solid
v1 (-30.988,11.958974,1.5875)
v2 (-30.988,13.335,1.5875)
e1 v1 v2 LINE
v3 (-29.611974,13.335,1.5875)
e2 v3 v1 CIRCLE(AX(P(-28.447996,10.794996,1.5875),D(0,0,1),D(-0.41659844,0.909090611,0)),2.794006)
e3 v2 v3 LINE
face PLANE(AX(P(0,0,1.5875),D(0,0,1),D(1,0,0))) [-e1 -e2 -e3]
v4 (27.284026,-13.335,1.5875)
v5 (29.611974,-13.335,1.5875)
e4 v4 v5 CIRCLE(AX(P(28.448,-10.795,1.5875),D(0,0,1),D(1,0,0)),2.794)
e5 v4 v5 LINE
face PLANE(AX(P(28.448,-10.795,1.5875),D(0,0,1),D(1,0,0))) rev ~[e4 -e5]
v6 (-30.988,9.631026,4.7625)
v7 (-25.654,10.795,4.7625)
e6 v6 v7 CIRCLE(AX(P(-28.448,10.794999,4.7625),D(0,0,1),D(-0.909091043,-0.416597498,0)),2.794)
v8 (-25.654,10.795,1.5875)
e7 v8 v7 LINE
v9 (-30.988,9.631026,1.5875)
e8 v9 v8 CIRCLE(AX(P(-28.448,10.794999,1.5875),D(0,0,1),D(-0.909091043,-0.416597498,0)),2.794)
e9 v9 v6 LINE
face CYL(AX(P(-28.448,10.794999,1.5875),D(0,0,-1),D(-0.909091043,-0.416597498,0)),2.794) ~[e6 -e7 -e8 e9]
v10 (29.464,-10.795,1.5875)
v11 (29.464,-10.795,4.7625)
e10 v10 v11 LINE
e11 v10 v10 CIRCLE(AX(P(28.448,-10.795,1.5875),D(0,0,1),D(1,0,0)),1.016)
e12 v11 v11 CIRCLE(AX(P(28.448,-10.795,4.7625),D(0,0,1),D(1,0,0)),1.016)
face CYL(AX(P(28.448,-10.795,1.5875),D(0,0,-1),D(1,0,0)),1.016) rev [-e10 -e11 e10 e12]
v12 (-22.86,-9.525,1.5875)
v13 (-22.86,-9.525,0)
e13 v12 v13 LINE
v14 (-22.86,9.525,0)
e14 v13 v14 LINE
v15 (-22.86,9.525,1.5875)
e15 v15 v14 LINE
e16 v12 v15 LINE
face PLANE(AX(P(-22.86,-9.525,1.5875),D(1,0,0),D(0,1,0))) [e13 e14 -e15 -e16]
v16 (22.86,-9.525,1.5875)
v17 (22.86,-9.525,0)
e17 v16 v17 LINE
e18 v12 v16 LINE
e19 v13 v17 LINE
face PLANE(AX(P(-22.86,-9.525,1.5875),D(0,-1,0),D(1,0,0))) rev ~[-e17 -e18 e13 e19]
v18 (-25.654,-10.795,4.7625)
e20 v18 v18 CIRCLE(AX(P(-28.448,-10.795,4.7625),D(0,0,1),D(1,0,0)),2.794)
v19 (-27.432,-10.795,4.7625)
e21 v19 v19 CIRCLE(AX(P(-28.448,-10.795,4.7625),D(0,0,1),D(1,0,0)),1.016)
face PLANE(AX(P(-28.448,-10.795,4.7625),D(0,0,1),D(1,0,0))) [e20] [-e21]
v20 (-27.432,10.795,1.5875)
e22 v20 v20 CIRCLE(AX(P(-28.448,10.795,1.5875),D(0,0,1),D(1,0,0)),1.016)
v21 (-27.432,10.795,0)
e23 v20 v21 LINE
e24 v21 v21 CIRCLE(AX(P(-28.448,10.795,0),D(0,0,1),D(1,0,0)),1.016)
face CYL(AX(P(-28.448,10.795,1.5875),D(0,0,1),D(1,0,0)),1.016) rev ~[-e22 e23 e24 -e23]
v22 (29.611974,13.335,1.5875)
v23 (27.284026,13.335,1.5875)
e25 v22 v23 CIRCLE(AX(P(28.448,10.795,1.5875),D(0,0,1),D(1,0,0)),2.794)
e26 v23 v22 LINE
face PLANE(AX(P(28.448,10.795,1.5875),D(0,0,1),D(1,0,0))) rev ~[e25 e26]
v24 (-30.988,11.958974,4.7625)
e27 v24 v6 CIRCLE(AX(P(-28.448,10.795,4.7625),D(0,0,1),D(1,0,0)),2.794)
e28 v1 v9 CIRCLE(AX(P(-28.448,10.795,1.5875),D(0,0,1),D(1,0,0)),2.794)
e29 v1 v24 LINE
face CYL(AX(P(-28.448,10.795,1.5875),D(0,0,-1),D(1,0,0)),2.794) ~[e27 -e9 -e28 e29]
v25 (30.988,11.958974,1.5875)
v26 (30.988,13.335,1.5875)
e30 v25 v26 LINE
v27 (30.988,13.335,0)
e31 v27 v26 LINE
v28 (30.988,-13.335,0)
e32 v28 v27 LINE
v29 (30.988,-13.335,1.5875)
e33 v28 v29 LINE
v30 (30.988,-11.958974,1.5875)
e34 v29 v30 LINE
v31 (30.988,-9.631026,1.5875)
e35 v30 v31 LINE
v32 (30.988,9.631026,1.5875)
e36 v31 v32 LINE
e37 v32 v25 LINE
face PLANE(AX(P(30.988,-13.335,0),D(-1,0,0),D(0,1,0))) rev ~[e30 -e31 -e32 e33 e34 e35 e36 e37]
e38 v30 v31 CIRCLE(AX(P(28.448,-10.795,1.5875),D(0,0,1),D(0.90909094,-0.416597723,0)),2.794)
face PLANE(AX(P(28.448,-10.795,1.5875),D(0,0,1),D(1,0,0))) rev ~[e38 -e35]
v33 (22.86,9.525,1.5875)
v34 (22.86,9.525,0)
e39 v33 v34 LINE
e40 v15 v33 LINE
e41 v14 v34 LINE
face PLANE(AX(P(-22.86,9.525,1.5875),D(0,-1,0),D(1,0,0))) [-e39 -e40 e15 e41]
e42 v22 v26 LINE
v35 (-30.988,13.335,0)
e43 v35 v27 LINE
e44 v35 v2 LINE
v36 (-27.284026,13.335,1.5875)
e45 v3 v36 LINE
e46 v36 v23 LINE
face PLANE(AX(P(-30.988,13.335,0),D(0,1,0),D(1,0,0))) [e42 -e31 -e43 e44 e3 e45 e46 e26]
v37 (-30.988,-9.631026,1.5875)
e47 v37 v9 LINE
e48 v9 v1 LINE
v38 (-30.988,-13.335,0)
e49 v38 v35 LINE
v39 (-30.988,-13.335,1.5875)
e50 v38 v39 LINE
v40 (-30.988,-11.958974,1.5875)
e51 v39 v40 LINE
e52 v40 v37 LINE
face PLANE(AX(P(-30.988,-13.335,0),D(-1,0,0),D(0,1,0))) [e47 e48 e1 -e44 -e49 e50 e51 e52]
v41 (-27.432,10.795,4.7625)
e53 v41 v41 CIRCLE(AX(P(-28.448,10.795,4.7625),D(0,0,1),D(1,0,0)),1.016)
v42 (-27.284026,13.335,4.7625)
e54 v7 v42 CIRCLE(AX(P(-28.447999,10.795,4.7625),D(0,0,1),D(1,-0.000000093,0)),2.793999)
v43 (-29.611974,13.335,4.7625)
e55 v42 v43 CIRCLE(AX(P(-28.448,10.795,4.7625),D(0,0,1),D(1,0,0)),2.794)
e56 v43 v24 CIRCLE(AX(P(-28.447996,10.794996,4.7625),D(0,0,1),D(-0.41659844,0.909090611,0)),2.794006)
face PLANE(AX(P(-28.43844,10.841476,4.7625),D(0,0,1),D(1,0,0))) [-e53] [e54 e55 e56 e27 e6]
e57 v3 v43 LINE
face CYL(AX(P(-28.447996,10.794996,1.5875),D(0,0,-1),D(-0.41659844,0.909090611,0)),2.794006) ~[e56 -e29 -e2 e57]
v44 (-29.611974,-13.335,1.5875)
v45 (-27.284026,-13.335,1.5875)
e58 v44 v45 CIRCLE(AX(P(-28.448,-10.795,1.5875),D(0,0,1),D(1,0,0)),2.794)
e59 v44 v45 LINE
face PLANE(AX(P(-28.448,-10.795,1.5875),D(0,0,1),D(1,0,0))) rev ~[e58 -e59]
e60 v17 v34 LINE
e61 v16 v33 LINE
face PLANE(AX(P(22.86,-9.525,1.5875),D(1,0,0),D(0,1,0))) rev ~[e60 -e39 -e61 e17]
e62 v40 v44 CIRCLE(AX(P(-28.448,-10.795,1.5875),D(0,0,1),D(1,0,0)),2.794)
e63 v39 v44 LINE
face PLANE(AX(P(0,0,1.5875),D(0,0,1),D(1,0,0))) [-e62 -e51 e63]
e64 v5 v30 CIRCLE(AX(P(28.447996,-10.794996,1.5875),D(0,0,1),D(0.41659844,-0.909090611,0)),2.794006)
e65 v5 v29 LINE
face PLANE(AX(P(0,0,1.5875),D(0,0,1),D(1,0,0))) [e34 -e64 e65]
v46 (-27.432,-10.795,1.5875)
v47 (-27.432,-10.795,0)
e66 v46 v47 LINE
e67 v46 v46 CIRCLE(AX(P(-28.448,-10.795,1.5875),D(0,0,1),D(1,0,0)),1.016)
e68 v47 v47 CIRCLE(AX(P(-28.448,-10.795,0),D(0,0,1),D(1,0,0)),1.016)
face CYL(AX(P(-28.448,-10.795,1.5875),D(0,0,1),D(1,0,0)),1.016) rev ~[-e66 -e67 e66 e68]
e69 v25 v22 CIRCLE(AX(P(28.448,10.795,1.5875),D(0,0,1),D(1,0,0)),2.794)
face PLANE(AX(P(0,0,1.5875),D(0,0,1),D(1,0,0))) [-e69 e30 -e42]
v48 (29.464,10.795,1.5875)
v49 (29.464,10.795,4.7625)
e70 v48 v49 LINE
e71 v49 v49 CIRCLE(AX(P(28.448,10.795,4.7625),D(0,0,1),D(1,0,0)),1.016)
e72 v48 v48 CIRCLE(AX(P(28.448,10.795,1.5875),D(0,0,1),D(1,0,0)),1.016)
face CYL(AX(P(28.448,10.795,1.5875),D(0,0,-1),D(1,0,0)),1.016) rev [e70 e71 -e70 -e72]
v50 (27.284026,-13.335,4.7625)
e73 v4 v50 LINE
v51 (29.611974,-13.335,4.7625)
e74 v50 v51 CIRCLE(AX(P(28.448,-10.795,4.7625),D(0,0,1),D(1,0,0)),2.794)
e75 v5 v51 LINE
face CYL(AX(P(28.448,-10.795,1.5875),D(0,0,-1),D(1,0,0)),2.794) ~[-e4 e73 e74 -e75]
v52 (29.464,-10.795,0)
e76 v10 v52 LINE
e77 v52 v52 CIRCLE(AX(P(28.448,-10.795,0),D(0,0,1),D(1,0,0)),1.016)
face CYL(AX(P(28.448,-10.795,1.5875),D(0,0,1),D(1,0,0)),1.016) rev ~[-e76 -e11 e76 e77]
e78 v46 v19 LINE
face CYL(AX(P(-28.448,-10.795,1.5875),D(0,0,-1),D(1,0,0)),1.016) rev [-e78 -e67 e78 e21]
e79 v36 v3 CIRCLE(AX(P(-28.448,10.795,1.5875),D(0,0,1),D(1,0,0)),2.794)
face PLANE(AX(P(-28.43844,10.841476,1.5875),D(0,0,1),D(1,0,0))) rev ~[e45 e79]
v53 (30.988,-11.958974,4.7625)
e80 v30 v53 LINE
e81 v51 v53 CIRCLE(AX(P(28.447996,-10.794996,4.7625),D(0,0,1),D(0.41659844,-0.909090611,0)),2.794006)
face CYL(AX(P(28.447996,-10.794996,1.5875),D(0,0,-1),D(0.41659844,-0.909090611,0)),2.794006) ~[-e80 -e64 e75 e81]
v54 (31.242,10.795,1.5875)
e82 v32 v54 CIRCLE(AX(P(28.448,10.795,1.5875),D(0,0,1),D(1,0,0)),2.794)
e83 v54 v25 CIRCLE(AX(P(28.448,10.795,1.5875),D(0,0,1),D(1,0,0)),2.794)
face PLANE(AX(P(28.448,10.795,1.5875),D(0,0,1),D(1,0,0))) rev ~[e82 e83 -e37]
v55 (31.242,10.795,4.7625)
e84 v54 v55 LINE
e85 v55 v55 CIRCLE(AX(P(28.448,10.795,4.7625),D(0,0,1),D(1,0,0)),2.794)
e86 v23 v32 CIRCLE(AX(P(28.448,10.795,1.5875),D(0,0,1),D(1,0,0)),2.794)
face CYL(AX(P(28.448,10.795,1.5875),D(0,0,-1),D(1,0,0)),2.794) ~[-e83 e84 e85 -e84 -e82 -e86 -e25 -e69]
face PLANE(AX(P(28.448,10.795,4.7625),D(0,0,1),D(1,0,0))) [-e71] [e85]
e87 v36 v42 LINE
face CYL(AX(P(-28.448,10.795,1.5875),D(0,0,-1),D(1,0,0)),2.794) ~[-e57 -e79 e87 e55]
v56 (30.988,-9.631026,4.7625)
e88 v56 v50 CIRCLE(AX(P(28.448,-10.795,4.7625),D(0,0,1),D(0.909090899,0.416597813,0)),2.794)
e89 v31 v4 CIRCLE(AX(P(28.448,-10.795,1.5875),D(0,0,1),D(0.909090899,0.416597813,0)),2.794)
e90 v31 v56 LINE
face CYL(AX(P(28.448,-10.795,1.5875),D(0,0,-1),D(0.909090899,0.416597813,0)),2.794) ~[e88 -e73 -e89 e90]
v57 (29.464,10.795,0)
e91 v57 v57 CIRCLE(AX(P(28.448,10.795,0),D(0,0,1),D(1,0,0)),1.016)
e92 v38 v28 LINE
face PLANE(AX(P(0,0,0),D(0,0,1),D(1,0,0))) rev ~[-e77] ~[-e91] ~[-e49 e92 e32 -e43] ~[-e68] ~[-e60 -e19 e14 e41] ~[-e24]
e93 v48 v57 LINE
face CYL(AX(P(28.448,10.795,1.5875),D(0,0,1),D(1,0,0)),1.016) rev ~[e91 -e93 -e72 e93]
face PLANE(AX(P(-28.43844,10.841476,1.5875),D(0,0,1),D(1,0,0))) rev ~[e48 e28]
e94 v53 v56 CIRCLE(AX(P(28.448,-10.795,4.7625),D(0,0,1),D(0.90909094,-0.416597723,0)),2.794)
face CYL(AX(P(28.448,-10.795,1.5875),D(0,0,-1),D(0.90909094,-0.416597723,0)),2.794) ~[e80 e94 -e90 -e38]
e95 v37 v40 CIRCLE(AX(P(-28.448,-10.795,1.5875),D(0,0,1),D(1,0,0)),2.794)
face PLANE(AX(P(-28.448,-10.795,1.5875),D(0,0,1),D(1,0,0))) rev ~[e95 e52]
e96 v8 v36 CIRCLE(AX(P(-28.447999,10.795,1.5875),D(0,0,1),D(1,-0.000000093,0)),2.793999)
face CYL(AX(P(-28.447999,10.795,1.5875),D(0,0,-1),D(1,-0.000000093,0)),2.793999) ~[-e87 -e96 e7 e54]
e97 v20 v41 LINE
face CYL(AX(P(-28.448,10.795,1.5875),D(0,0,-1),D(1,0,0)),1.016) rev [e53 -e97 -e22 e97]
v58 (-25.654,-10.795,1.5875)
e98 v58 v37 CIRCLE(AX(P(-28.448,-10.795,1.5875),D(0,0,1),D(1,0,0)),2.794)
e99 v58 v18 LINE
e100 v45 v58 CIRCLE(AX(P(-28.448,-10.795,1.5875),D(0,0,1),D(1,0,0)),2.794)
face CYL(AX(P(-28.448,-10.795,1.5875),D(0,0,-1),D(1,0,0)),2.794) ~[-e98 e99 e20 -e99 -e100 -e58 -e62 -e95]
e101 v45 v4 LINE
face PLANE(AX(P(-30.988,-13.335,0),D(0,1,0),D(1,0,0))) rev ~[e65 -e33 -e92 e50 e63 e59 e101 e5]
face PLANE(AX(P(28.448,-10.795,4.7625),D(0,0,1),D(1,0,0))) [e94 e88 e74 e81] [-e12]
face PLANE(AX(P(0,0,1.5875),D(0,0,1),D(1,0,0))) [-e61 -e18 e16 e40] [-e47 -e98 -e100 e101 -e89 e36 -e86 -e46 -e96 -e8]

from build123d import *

# Parameters (mm, degrees)
F0_W     = 61.976
F0_H     = 26.67
F1_DEPTH = 1.5875
F2_R     = 1.016
F2_R_2   = 2.794
F3_DEPTH = 3.175
F4_DEPTH = 12.7
F5_W     = 45.72
F5_H     = 19.05
F6_DEPTH = 6.35


with BuildPart() as f1:
    # F0 (on Top) → F1 (new body)
    with BuildSketch(Plane.XY):
        Rectangle(F0_W, F0_H)
    extrude(amount=F1_DEPTH)

    # F2 (on face) → F3 (join)
    with BuildSketch(Plane.XY.offset(1.5875)):
        with BuildLine():
            ThreePointArc((-25.654, 10.795), (-26.096556, 12.304022), (-27.284026, 13.335))
            Line((-27.284026, 13.335), (-29.611974, 13.335))
            ThreePointArc((-29.611974, 13.335), (-30.423656, 12.770656), (-30.988, 11.958974))
            Line((-30.988, 11.958974), (-30.988, 9.631026))
            ThreePointArc((-30.988, 9.631026), (-27.852317, 8.065238), (-25.654, 10.795))
        make_face()
        with Locations((-28.448, 10.795)):
            Circle(F2_R, mode=Mode.SUBTRACT)
        with Locations((28.448, -10.795)):
            Circle(F2_R_2)
        with Locations((28.448, -10.795)):
            Circle(F2_R, mode=Mode.SUBTRACT)
        with Locations((-28.448, 10.795)):
            Circle(F2_R_2)
        with Locations((-28.448, 10.795)):
            Circle(F2_R, mode=Mode.SUBTRACT)
        with Locations((-28.448, -10.795)):
            Circle(F2_R_2)
        with Locations((-28.448, -10.795)):
            Circle(F2_R, mode=Mode.SUBTRACT)
        with Locations((28.448, 10.795)):
            Circle(F2_R_2)
        with Locations((28.448, 10.795)):
            Circle(F2_R, mode=Mode.SUBTRACT)
        with BuildLine():
            Line((30.988, -11.958974), (30.988, -9.631026))
            ThreePointArc((30.988, -9.631026), (26.472344, -8.819344), (27.284026, -13.335))
            Line((27.284026, -13.335), (29.611974, -13.335))
            ThreePointArc((29.611974, -13.335), (30.423656, -12.770656), (30.988, -11.958974))
        make_face()
        with Locations((28.448, -10.795)):
            Circle(F2_R, mode=Mode.SUBTRACT)
    extrude(amount=F3_DEPTH)

    # F2 (on face) → F4 (cut)
    with BuildSketch(Plane.XY.offset(1.5875)):
        with Locations((-28.448, 10.795)):
            Circle(F2_R)
        with Locations((28.448, -10.795)):
            Circle(F2_R)
        with Locations((28.448, 10.795)):
            Circle(F2_R)
        with Locations((-28.448, -10.795)):
            Circle(F2_R)
    extrude(amount=-F4_DEPTH, mode=Mode.SUBTRACT)

    # F5 (on face) → F6 (cut)
    with BuildSketch(Plane.XY.offset(1.5875)):
        Rectangle(F5_W, F5_H)
    extrude(amount=-F6_DEPTH, mode=Mode.SUBTRACT)


solid = f1.part
